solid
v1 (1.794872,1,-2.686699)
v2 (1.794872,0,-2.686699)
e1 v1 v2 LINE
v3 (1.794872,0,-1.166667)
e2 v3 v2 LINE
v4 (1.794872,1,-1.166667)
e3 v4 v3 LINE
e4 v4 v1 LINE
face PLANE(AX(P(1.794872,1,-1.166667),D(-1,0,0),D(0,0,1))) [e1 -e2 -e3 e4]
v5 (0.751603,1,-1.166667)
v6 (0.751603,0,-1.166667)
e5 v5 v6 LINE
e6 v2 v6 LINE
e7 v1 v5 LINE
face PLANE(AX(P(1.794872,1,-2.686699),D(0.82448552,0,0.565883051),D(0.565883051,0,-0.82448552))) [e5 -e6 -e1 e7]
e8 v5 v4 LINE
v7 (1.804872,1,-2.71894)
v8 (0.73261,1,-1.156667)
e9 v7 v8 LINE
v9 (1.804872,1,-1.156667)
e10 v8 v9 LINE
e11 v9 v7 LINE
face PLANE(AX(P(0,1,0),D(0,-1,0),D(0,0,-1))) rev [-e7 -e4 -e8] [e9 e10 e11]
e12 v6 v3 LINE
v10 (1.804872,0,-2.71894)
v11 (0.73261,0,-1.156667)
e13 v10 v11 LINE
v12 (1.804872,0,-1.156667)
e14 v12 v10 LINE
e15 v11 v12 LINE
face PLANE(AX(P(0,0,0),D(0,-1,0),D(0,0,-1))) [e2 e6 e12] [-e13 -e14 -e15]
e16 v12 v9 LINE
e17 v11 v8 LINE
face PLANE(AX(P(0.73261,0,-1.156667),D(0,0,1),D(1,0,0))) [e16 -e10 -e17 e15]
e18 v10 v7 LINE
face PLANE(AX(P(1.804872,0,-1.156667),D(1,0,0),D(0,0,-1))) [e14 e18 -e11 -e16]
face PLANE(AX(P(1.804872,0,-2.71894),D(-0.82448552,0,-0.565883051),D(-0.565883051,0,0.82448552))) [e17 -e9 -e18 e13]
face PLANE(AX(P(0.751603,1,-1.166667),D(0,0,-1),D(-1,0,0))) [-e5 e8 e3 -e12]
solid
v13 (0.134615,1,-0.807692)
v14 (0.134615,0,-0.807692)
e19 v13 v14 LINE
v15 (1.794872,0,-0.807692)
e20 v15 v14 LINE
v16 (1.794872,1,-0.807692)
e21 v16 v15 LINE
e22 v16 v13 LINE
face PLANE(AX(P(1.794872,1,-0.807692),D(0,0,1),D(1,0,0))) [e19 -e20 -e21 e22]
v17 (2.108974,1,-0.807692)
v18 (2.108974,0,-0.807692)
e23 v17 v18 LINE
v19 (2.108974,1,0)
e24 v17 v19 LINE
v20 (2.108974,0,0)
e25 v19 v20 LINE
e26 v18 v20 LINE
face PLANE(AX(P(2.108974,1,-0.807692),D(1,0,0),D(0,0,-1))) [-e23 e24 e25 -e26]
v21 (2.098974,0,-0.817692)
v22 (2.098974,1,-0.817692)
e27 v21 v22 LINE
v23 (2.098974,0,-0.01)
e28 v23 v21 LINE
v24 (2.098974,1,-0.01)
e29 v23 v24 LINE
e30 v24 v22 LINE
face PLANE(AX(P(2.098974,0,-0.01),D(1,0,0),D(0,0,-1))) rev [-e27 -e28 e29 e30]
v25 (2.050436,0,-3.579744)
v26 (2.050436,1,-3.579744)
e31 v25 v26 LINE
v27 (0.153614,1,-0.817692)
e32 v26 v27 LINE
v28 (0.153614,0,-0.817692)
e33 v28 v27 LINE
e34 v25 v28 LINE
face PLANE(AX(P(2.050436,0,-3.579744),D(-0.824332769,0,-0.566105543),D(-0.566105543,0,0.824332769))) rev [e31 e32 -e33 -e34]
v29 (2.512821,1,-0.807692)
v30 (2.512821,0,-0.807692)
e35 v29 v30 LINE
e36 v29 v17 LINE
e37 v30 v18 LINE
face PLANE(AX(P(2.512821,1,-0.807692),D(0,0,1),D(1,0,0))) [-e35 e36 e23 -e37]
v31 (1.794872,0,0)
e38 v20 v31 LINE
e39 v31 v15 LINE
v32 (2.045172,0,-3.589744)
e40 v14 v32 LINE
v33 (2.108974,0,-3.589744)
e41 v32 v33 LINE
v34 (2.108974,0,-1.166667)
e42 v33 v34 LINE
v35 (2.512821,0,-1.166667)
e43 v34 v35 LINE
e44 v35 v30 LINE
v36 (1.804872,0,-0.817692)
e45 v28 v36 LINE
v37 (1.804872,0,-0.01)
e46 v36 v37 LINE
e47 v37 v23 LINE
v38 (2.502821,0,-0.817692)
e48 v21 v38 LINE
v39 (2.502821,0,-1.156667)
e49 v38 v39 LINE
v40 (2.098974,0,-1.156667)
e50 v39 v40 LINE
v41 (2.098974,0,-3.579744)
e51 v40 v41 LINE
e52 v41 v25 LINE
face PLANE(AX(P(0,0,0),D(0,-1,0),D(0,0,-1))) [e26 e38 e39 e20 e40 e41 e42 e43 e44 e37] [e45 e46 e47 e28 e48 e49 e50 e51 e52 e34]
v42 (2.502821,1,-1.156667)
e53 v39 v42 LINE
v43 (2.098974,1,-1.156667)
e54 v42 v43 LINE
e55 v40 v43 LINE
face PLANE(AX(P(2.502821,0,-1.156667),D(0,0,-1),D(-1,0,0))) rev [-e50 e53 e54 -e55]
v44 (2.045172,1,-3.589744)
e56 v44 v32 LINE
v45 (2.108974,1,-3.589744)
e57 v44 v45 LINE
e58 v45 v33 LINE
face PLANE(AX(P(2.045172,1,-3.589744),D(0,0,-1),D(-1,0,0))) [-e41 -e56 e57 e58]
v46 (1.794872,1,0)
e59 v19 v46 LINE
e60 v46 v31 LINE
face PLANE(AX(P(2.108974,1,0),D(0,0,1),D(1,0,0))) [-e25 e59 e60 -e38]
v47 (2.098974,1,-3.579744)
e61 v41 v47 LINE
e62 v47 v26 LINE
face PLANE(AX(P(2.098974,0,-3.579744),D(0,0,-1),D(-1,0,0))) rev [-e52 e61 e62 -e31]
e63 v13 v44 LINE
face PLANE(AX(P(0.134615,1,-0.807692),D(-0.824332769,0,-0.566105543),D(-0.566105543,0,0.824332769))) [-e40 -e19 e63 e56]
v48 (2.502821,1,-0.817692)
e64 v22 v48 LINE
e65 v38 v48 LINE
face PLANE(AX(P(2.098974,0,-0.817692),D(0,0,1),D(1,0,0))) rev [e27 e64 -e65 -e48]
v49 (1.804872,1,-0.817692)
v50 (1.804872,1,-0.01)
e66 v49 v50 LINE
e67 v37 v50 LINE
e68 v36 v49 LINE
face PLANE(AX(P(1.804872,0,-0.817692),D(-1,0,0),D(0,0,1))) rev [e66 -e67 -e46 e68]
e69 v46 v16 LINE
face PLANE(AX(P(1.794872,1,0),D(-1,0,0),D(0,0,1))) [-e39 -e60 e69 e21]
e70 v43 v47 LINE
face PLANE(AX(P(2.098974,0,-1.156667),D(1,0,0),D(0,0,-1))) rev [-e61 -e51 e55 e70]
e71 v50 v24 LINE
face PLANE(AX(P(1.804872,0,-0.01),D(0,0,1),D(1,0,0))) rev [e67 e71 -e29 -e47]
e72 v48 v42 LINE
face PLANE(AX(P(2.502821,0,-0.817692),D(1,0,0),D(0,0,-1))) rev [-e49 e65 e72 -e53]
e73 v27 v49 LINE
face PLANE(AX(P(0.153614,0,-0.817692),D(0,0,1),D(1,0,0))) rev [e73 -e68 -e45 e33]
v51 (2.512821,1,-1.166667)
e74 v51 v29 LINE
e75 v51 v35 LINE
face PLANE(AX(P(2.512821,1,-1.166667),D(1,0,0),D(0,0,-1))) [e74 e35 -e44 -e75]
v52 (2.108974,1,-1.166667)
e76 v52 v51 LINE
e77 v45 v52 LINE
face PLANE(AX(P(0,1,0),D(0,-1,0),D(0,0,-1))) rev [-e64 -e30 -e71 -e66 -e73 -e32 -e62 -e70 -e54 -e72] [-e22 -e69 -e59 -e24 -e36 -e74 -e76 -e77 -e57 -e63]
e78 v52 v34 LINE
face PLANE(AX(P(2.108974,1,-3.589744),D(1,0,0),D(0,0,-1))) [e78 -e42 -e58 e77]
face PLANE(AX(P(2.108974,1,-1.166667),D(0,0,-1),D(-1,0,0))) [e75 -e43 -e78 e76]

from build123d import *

# Parameters (mm, degrees)
BOSS_EXTRUDE1_DEPTH = 1
CUT_EXTRUDE2_DEPTH  = 1


with BuildPart() as part:
    # Sketch1 → Boss-Extrude1 (new body)
    with BuildSketch(Plane(origin=(0, 0, 0), x_dir=(1, 0, 0), z_dir=(0, 1, 0))):
        Polygon((2.045172276, 3.58974359), (2.108974359, 3.58974359), (2.108974359, 1.166666667), (2.512820513, 1.166666667), (2.512820513, 0.807692308), (2.108974359, 0.807692308), (2.108974359, 0), (1.794871795, 0), (1.794871795, 0.807692308), (0.134615385, 0.807692308), align=None)
        Polygon((1.794871795, 1.166666667), (1.794871795, 2.686698718), (0.751602564, 1.166666667), align=None, mode=Mode.SUBTRACT)
    extrude(amount=BOSS_EXTRUDE1_DEPTH)

    # Sketch2 → Cut-Extrude2 (cut)
    with BuildSketch(Plane(origin=(0, 1, 0), x_dir=(1, 0, 0), z_dir=(0, 1, 0))):
        Polygon((2.050435859, 3.57974359), (0.153613847, 0.817692308), (1.804871795, 0.817692308), (1.804871795, 0.01), (2.098974359, 0.01), (2.098974359, 0.817692308), (2.502820513, 0.817692308), (2.502820513, 1.156666667), (2.098974359, 1.156666667), (2.098974359, 3.57974359), align=None)
        Polygon((0.73261032, 1.156666667), (1.804871795, 1.156666667), (1.804871795, 2.718940106), align=None, mode=Mode.SUBTRACT)
    extrude(amount=-CUT_EXTRUDE2_DEPTH, mode=Mode.SUBTRACT)


solid = part.part
